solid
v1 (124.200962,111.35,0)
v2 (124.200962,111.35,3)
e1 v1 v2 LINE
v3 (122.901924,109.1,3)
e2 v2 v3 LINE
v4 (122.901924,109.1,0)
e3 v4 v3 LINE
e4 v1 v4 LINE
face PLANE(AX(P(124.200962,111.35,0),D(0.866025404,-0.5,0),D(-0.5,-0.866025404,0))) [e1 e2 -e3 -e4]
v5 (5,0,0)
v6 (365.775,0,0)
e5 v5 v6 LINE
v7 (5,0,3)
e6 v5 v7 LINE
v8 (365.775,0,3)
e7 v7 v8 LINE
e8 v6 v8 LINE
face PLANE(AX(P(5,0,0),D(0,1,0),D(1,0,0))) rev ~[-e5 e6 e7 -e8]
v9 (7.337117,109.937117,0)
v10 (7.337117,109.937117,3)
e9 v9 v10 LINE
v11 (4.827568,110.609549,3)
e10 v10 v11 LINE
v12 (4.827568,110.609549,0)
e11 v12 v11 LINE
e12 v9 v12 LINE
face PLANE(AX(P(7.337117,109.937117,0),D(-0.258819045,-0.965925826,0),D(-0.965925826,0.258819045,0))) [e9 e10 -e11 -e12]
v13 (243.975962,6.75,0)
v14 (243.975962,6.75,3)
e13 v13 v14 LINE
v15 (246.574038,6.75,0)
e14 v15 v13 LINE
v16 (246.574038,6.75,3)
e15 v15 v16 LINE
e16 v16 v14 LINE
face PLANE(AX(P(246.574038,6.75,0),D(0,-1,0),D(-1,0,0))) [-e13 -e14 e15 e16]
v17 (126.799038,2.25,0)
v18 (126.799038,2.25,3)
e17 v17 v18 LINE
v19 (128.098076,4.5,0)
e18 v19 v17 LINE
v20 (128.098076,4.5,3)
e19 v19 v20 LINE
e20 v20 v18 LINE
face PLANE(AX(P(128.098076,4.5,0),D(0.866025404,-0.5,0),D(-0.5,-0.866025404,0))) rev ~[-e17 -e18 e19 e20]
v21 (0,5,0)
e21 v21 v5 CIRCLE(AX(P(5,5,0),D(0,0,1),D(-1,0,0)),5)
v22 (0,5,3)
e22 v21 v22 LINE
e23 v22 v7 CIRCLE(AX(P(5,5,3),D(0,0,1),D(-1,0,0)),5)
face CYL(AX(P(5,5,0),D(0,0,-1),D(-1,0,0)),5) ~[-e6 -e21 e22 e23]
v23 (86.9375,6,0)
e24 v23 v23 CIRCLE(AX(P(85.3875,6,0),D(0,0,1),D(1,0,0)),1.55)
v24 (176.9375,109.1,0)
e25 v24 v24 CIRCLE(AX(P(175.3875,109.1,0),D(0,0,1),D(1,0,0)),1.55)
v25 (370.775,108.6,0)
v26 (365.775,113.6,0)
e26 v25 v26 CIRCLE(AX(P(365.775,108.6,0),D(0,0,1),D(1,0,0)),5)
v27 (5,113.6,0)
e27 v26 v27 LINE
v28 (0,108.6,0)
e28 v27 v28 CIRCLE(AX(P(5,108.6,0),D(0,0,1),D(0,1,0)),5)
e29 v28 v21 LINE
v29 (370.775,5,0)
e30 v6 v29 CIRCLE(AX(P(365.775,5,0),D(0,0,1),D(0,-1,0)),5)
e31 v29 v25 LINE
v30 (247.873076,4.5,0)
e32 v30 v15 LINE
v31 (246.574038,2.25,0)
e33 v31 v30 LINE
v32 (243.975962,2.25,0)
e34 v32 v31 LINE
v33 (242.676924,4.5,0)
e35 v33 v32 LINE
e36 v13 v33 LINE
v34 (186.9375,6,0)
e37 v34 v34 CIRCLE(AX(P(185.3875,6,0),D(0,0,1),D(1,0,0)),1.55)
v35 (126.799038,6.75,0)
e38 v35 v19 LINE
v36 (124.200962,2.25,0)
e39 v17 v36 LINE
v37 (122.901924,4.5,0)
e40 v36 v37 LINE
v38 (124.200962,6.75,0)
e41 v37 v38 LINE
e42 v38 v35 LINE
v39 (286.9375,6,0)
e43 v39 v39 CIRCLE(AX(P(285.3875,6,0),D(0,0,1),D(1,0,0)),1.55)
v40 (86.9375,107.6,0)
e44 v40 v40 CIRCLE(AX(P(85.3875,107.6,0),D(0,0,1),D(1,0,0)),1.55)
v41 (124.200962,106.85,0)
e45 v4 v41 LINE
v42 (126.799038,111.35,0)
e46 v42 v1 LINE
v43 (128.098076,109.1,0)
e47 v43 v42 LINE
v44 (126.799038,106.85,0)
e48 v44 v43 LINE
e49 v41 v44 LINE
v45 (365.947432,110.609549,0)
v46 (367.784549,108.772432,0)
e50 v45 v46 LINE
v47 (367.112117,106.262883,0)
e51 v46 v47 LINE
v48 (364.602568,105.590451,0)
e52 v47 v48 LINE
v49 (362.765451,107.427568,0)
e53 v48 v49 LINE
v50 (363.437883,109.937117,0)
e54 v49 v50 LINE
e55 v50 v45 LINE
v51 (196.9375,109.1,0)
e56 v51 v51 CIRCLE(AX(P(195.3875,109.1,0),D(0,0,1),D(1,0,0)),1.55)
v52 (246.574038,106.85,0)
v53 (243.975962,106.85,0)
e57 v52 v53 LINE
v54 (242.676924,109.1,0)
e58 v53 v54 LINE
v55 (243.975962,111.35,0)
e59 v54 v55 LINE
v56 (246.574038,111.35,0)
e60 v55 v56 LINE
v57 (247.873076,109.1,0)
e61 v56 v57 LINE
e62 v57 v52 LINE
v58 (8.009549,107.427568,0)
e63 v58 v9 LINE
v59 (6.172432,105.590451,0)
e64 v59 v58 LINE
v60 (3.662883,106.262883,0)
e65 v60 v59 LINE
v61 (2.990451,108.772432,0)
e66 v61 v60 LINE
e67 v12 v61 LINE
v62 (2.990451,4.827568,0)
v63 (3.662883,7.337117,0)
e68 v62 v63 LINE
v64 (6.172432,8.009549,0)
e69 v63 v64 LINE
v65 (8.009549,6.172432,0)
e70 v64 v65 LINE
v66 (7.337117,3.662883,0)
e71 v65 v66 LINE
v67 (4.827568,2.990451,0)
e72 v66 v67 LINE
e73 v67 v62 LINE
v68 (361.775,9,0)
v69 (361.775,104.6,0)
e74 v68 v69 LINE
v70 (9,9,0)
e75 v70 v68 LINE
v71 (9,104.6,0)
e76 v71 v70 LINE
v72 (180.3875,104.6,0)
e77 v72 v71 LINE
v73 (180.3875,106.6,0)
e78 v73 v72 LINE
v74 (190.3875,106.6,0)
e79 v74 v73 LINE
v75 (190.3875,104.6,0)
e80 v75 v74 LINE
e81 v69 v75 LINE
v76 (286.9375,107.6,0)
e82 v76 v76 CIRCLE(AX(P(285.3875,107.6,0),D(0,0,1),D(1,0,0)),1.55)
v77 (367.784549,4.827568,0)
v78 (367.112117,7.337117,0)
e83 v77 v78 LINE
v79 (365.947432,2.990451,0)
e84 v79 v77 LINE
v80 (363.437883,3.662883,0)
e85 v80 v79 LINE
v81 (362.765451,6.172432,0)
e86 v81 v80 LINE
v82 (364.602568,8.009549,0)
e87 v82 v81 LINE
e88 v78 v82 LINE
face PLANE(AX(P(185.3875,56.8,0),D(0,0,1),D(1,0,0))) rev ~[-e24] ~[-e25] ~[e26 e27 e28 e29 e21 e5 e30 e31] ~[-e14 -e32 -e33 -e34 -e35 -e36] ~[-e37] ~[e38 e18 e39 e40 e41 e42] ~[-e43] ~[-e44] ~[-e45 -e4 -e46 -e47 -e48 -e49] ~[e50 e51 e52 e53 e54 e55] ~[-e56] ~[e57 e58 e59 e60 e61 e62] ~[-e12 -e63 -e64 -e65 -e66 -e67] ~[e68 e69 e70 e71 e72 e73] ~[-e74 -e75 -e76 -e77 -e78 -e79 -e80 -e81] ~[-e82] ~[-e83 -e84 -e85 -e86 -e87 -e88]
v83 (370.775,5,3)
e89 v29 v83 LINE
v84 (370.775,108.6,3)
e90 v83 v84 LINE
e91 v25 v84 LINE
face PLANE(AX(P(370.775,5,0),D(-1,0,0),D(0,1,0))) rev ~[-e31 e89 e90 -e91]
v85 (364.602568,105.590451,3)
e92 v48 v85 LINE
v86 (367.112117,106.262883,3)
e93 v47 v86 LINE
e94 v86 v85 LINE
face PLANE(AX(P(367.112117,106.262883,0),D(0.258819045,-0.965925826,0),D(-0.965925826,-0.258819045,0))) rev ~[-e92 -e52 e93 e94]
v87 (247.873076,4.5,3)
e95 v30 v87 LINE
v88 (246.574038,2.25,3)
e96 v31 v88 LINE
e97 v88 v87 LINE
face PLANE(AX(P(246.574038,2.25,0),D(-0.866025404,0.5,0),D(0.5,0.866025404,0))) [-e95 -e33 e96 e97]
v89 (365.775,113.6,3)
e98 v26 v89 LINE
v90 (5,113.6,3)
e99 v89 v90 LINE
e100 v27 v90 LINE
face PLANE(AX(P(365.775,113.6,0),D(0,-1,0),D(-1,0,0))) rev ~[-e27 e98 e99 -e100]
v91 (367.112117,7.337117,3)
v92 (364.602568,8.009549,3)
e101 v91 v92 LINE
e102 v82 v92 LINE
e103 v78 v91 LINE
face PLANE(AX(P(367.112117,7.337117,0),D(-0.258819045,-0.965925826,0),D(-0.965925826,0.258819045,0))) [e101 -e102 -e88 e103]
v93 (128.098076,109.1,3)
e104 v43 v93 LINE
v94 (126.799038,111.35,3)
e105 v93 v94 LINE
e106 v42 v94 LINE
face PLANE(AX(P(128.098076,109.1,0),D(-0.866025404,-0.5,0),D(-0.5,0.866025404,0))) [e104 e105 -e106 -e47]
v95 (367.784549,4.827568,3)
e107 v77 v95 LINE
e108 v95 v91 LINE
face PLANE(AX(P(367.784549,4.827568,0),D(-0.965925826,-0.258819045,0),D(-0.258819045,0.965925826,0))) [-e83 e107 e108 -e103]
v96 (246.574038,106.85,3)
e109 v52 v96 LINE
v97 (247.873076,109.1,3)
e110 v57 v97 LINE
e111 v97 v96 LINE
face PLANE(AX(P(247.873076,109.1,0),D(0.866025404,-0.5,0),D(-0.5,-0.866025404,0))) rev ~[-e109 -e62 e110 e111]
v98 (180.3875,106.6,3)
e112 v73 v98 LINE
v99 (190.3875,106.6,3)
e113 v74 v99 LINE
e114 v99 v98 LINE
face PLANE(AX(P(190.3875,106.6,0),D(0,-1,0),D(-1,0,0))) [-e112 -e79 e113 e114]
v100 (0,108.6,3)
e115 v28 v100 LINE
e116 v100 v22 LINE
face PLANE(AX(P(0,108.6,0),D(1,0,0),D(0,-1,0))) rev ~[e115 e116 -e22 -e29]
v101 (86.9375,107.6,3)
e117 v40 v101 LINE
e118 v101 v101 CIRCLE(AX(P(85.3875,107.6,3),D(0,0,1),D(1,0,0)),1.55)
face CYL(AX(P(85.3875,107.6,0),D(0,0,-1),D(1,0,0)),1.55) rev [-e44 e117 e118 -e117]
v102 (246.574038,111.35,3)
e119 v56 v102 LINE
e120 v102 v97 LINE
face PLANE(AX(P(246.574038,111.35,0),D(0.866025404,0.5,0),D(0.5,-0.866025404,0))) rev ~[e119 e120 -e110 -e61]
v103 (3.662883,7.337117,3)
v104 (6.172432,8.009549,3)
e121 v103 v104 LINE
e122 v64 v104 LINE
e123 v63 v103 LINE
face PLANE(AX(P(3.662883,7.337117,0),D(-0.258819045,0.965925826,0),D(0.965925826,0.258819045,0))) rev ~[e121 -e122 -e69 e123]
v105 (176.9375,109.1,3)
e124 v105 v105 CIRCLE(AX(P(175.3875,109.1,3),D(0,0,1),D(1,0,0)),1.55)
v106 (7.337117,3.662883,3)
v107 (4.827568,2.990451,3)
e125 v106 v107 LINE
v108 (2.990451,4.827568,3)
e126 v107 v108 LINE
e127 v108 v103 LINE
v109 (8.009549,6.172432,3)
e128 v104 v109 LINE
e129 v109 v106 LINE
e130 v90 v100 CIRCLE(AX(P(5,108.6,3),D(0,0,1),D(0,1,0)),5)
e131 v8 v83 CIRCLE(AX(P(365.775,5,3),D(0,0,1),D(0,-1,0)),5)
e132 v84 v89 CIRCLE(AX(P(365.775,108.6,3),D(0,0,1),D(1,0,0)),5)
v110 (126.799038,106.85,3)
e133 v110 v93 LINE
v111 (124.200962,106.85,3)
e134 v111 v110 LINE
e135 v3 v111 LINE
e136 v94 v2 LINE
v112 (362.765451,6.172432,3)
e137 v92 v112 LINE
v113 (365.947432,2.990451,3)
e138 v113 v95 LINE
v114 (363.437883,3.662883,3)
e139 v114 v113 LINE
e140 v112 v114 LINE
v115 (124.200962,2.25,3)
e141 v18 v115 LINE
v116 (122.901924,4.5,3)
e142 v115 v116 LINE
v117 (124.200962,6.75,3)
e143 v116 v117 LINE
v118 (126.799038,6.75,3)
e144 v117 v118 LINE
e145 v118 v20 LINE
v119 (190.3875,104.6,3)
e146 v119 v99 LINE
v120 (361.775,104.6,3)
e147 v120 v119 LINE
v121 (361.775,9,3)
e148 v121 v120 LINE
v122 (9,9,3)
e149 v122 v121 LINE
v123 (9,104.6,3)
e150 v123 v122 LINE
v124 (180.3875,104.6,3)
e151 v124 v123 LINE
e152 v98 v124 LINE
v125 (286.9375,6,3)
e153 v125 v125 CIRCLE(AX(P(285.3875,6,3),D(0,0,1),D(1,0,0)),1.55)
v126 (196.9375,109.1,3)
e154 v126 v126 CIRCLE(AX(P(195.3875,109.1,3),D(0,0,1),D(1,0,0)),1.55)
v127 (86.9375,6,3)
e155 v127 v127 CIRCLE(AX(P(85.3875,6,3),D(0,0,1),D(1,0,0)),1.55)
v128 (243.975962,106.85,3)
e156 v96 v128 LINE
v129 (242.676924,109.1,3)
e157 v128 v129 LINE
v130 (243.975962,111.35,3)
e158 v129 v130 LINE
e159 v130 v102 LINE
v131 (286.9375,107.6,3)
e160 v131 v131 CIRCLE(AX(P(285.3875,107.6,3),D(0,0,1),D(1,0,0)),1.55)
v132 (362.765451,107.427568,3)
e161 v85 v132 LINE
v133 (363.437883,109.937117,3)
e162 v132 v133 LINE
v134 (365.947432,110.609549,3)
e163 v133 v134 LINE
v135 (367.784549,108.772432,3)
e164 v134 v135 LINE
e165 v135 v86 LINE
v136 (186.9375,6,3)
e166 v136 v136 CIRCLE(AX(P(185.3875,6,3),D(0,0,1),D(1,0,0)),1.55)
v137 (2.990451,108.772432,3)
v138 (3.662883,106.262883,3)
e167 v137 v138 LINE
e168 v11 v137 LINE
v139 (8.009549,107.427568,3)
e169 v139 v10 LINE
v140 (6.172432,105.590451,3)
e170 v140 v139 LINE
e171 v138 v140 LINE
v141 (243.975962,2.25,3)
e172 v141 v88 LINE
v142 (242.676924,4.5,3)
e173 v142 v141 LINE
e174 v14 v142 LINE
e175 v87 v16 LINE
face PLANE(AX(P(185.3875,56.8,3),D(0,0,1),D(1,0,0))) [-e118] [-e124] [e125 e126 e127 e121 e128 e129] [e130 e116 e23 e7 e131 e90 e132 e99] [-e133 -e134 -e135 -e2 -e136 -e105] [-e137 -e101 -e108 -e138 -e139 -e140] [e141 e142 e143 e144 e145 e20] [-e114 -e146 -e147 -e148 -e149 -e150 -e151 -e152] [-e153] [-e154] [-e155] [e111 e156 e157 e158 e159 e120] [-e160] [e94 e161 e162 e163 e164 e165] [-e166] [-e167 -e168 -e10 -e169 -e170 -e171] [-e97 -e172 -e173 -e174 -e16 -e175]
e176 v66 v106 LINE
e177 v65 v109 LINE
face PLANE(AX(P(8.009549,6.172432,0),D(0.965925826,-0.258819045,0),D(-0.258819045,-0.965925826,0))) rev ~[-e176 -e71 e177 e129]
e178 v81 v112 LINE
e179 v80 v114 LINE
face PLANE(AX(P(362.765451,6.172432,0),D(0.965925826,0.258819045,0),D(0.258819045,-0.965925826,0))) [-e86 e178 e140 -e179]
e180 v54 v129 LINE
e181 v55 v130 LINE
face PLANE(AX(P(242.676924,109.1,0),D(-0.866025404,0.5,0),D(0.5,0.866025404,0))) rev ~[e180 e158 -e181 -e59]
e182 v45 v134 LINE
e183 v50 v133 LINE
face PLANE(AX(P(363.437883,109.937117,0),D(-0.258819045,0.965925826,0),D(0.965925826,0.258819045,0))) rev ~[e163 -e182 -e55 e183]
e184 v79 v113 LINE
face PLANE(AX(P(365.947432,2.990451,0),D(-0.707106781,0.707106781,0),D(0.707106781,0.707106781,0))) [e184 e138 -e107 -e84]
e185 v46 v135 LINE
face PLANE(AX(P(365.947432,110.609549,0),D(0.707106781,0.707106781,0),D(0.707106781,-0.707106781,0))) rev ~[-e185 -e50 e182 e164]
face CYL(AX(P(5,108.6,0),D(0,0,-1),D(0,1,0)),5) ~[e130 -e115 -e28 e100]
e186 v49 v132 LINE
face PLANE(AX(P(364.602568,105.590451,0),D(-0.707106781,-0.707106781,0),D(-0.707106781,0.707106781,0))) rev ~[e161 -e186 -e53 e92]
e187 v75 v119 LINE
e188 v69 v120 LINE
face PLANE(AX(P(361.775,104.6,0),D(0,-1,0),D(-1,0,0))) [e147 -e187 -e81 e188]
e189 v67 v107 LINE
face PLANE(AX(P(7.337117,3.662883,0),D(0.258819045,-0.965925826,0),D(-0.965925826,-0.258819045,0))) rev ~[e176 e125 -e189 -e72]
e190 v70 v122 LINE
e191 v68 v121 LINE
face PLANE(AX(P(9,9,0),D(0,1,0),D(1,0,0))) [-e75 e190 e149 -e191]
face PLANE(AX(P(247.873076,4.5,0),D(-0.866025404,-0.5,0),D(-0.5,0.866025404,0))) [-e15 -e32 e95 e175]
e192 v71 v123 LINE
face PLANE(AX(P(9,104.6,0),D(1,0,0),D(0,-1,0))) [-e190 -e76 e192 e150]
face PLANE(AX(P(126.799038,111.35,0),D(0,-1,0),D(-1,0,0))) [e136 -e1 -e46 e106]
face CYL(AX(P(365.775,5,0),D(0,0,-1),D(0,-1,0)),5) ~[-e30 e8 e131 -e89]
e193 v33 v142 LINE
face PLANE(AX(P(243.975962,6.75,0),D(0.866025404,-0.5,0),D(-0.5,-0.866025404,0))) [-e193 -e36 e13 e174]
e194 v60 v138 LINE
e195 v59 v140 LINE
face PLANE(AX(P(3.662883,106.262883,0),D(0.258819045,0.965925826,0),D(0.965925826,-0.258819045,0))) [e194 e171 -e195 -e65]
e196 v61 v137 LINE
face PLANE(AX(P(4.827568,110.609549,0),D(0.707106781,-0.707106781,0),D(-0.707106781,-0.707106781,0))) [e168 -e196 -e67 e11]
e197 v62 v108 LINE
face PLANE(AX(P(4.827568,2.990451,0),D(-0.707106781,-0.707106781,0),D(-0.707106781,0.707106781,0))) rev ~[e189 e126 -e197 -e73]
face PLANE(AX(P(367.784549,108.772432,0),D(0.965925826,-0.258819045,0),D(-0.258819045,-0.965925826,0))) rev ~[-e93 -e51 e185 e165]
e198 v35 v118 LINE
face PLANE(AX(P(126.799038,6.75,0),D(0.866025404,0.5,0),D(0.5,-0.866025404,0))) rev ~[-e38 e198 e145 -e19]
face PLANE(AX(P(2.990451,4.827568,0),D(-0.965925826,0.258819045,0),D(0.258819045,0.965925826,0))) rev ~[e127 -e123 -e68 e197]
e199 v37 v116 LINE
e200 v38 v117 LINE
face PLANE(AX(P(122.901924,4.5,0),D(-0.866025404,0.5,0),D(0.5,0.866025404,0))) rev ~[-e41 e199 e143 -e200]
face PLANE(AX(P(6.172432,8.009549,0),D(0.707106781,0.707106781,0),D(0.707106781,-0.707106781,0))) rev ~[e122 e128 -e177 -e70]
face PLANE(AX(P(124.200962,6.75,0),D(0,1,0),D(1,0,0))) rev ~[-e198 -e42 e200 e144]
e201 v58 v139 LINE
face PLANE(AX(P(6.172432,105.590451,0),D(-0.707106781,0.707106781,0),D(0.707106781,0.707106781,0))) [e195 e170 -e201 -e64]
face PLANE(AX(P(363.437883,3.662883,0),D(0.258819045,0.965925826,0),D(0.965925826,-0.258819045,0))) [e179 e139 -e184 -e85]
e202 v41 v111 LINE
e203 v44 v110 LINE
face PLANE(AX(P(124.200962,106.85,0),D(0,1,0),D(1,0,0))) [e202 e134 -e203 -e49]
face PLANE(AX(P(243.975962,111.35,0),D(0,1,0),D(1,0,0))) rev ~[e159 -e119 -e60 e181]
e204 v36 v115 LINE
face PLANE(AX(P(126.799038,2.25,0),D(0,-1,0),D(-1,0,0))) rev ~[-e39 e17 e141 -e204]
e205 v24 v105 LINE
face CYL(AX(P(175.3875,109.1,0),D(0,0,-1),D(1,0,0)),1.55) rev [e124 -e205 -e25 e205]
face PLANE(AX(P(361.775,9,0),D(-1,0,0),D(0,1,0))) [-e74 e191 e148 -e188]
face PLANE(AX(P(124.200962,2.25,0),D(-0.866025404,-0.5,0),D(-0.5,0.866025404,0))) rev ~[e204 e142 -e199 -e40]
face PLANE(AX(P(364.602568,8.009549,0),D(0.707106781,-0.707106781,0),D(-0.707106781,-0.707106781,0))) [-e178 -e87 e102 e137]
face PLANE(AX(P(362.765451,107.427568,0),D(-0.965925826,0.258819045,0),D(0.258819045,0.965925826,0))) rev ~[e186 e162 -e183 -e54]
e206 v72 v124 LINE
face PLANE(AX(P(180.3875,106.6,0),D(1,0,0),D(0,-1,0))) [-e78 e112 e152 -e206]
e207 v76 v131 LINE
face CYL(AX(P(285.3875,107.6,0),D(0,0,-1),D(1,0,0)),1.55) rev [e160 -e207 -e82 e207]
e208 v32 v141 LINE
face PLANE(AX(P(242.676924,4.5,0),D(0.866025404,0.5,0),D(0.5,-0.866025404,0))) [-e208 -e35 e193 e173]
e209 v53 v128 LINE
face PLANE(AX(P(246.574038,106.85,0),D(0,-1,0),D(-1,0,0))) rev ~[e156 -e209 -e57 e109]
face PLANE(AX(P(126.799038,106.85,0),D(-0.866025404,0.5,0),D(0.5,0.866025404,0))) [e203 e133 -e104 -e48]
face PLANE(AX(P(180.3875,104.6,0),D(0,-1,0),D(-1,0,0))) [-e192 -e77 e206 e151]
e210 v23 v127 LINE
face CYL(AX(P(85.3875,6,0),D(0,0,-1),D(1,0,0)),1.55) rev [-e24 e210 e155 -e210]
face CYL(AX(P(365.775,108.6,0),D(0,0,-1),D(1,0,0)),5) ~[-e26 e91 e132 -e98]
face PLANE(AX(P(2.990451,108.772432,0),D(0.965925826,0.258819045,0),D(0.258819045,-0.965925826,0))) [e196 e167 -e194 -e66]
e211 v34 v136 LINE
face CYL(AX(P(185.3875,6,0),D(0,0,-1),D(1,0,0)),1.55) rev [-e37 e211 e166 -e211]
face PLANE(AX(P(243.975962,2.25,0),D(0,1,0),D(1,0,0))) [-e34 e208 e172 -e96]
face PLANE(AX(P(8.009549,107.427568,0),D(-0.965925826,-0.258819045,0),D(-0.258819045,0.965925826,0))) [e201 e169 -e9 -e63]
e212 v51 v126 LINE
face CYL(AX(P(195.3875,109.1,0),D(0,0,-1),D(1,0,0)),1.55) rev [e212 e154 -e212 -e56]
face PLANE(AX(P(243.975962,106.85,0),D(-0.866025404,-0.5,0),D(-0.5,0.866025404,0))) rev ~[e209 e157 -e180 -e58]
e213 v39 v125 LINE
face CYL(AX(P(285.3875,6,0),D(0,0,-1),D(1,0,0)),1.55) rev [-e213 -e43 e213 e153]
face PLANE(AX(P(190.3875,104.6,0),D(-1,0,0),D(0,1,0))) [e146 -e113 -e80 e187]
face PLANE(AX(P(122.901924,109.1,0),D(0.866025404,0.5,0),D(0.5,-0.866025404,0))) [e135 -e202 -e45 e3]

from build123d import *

# Parameters (mm, degrees)
MODEL_R             = 1.55
BOSS_EXTRUDE1_DEPTH = 3


with BuildPart() as part:
    # Model → Boss-Extrude1 (new body)
    with BuildSketch(Plane.XY):
        with BuildLine():
            Line((0, 108.6), (0, 5))
            ThreePointArc((0, 5), (1.464466094, 1.464466094), (5, 0))
            Line((5, 0), (365.775, 0))
            ThreePointArc((365.775, 0), (369.310533906, 1.464466094), (370.775, 5))
            Line((370.775, 5), (370.775, 108.6))
            ThreePointArc((370.775, 108.6), (369.310533906, 112.135533906), (365.775, 113.6))
            Line((365.775, 113.6), (5, 113.6))
            ThreePointArc((5, 113.6), (1.464466094, 112.135533906), (0, 108.6))
        make_face()
        with Locations((195.3875, 109.1)):
            Circle(MODEL_R, mode=Mode.SUBTRACT)
        with Locations((175.3875, 109.1)):
            Circle(MODEL_R, mode=Mode.SUBTRACT)
        with Locations((85.3875, 107.6)):
            Circle(MODEL_R, mode=Mode.SUBTRACT)
        with Locations((285.3875, 107.6)):
            Circle(MODEL_R, mode=Mode.SUBTRACT)
        with Locations((85.3875, 6)):
            Circle(MODEL_R, mode=Mode.SUBTRACT)
        with Locations((185.3875, 6)):
            Circle(MODEL_R, mode=Mode.SUBTRACT)
        with Locations((285.3875, 6)):
            Circle(MODEL_R, mode=Mode.SUBTRACT)
        Polygon((9, 9), (361.775, 9), (361.775, 104.6), (190.3875, 104.6), (190.3875, 106.6), (180.3875, 106.6), (180.3875, 104.6), (9, 104.6), align=None, mode=Mode.SUBTRACT)
        Polygon((365.947431604, 110.609548911), (367.784548911, 108.772431604), (367.112117307, 106.262882693), (364.602568396, 105.590451089), (362.765451089, 107.427568396), (363.437882693, 109.937117307), align=None, mode=Mode.SUBTRACT)
        Polygon((4.827568396, 110.609548911), (2.990451089, 108.772431604), (3.662882693, 106.262882693), (6.172431604, 105.590451089), (8.009548911, 107.427568396), (7.337117307, 109.937117307), align=None, mode=Mode.SUBTRACT)
        Polygon((365.947431604, 2.990451089), (367.784548911, 4.827568396), (367.112117307, 7.337117307), (364.602568396, 8.009548911), (362.765451089, 6.172431604), (363.437882693, 3.662882693), align=None, mode=Mode.SUBTRACT)
        Polygon((126.799038106, 2.25), (124.200961894, 2.25), (122.901923789, 4.5), (124.200961894, 6.75), (126.799038106, 6.75), (128.098076211, 4.5), align=None, mode=Mode.SUBTRACT)
        Polygon((4.827568396, 2.990451089), (2.990451089, 4.827568396), (3.662882693, 7.337117307), (6.172431604, 8.009548911), (8.009548911, 6.172431604), (7.337117307, 3.662882693), align=None, mode=Mode.SUBTRACT)
        Polygon((126.799038106, 111.35), (124.200961894, 111.35), (122.901923789, 109.1), (124.200961894, 106.85), (126.799038106, 106.85), (128.098076211, 109.1), align=None, mode=Mode.SUBTRACT)
        Polygon((243.975961894, 2.25), (246.574038106, 2.25), (247.873076211, 4.5), (246.574038106, 6.75), (243.975961894, 6.75), (242.676923789, 4.5), align=None, mode=Mode.SUBTRACT)
        Polygon((243.975961894, 111.35), (246.574038106, 111.35), (247.873076211, 109.1), (246.574038106, 106.85), (243.975961894, 106.85), (242.676923789, 109.1), align=None, mode=Mode.SUBTRACT)
    extrude(amount=BOSS_EXTRUDE1_DEPTH)


solid = part.part
